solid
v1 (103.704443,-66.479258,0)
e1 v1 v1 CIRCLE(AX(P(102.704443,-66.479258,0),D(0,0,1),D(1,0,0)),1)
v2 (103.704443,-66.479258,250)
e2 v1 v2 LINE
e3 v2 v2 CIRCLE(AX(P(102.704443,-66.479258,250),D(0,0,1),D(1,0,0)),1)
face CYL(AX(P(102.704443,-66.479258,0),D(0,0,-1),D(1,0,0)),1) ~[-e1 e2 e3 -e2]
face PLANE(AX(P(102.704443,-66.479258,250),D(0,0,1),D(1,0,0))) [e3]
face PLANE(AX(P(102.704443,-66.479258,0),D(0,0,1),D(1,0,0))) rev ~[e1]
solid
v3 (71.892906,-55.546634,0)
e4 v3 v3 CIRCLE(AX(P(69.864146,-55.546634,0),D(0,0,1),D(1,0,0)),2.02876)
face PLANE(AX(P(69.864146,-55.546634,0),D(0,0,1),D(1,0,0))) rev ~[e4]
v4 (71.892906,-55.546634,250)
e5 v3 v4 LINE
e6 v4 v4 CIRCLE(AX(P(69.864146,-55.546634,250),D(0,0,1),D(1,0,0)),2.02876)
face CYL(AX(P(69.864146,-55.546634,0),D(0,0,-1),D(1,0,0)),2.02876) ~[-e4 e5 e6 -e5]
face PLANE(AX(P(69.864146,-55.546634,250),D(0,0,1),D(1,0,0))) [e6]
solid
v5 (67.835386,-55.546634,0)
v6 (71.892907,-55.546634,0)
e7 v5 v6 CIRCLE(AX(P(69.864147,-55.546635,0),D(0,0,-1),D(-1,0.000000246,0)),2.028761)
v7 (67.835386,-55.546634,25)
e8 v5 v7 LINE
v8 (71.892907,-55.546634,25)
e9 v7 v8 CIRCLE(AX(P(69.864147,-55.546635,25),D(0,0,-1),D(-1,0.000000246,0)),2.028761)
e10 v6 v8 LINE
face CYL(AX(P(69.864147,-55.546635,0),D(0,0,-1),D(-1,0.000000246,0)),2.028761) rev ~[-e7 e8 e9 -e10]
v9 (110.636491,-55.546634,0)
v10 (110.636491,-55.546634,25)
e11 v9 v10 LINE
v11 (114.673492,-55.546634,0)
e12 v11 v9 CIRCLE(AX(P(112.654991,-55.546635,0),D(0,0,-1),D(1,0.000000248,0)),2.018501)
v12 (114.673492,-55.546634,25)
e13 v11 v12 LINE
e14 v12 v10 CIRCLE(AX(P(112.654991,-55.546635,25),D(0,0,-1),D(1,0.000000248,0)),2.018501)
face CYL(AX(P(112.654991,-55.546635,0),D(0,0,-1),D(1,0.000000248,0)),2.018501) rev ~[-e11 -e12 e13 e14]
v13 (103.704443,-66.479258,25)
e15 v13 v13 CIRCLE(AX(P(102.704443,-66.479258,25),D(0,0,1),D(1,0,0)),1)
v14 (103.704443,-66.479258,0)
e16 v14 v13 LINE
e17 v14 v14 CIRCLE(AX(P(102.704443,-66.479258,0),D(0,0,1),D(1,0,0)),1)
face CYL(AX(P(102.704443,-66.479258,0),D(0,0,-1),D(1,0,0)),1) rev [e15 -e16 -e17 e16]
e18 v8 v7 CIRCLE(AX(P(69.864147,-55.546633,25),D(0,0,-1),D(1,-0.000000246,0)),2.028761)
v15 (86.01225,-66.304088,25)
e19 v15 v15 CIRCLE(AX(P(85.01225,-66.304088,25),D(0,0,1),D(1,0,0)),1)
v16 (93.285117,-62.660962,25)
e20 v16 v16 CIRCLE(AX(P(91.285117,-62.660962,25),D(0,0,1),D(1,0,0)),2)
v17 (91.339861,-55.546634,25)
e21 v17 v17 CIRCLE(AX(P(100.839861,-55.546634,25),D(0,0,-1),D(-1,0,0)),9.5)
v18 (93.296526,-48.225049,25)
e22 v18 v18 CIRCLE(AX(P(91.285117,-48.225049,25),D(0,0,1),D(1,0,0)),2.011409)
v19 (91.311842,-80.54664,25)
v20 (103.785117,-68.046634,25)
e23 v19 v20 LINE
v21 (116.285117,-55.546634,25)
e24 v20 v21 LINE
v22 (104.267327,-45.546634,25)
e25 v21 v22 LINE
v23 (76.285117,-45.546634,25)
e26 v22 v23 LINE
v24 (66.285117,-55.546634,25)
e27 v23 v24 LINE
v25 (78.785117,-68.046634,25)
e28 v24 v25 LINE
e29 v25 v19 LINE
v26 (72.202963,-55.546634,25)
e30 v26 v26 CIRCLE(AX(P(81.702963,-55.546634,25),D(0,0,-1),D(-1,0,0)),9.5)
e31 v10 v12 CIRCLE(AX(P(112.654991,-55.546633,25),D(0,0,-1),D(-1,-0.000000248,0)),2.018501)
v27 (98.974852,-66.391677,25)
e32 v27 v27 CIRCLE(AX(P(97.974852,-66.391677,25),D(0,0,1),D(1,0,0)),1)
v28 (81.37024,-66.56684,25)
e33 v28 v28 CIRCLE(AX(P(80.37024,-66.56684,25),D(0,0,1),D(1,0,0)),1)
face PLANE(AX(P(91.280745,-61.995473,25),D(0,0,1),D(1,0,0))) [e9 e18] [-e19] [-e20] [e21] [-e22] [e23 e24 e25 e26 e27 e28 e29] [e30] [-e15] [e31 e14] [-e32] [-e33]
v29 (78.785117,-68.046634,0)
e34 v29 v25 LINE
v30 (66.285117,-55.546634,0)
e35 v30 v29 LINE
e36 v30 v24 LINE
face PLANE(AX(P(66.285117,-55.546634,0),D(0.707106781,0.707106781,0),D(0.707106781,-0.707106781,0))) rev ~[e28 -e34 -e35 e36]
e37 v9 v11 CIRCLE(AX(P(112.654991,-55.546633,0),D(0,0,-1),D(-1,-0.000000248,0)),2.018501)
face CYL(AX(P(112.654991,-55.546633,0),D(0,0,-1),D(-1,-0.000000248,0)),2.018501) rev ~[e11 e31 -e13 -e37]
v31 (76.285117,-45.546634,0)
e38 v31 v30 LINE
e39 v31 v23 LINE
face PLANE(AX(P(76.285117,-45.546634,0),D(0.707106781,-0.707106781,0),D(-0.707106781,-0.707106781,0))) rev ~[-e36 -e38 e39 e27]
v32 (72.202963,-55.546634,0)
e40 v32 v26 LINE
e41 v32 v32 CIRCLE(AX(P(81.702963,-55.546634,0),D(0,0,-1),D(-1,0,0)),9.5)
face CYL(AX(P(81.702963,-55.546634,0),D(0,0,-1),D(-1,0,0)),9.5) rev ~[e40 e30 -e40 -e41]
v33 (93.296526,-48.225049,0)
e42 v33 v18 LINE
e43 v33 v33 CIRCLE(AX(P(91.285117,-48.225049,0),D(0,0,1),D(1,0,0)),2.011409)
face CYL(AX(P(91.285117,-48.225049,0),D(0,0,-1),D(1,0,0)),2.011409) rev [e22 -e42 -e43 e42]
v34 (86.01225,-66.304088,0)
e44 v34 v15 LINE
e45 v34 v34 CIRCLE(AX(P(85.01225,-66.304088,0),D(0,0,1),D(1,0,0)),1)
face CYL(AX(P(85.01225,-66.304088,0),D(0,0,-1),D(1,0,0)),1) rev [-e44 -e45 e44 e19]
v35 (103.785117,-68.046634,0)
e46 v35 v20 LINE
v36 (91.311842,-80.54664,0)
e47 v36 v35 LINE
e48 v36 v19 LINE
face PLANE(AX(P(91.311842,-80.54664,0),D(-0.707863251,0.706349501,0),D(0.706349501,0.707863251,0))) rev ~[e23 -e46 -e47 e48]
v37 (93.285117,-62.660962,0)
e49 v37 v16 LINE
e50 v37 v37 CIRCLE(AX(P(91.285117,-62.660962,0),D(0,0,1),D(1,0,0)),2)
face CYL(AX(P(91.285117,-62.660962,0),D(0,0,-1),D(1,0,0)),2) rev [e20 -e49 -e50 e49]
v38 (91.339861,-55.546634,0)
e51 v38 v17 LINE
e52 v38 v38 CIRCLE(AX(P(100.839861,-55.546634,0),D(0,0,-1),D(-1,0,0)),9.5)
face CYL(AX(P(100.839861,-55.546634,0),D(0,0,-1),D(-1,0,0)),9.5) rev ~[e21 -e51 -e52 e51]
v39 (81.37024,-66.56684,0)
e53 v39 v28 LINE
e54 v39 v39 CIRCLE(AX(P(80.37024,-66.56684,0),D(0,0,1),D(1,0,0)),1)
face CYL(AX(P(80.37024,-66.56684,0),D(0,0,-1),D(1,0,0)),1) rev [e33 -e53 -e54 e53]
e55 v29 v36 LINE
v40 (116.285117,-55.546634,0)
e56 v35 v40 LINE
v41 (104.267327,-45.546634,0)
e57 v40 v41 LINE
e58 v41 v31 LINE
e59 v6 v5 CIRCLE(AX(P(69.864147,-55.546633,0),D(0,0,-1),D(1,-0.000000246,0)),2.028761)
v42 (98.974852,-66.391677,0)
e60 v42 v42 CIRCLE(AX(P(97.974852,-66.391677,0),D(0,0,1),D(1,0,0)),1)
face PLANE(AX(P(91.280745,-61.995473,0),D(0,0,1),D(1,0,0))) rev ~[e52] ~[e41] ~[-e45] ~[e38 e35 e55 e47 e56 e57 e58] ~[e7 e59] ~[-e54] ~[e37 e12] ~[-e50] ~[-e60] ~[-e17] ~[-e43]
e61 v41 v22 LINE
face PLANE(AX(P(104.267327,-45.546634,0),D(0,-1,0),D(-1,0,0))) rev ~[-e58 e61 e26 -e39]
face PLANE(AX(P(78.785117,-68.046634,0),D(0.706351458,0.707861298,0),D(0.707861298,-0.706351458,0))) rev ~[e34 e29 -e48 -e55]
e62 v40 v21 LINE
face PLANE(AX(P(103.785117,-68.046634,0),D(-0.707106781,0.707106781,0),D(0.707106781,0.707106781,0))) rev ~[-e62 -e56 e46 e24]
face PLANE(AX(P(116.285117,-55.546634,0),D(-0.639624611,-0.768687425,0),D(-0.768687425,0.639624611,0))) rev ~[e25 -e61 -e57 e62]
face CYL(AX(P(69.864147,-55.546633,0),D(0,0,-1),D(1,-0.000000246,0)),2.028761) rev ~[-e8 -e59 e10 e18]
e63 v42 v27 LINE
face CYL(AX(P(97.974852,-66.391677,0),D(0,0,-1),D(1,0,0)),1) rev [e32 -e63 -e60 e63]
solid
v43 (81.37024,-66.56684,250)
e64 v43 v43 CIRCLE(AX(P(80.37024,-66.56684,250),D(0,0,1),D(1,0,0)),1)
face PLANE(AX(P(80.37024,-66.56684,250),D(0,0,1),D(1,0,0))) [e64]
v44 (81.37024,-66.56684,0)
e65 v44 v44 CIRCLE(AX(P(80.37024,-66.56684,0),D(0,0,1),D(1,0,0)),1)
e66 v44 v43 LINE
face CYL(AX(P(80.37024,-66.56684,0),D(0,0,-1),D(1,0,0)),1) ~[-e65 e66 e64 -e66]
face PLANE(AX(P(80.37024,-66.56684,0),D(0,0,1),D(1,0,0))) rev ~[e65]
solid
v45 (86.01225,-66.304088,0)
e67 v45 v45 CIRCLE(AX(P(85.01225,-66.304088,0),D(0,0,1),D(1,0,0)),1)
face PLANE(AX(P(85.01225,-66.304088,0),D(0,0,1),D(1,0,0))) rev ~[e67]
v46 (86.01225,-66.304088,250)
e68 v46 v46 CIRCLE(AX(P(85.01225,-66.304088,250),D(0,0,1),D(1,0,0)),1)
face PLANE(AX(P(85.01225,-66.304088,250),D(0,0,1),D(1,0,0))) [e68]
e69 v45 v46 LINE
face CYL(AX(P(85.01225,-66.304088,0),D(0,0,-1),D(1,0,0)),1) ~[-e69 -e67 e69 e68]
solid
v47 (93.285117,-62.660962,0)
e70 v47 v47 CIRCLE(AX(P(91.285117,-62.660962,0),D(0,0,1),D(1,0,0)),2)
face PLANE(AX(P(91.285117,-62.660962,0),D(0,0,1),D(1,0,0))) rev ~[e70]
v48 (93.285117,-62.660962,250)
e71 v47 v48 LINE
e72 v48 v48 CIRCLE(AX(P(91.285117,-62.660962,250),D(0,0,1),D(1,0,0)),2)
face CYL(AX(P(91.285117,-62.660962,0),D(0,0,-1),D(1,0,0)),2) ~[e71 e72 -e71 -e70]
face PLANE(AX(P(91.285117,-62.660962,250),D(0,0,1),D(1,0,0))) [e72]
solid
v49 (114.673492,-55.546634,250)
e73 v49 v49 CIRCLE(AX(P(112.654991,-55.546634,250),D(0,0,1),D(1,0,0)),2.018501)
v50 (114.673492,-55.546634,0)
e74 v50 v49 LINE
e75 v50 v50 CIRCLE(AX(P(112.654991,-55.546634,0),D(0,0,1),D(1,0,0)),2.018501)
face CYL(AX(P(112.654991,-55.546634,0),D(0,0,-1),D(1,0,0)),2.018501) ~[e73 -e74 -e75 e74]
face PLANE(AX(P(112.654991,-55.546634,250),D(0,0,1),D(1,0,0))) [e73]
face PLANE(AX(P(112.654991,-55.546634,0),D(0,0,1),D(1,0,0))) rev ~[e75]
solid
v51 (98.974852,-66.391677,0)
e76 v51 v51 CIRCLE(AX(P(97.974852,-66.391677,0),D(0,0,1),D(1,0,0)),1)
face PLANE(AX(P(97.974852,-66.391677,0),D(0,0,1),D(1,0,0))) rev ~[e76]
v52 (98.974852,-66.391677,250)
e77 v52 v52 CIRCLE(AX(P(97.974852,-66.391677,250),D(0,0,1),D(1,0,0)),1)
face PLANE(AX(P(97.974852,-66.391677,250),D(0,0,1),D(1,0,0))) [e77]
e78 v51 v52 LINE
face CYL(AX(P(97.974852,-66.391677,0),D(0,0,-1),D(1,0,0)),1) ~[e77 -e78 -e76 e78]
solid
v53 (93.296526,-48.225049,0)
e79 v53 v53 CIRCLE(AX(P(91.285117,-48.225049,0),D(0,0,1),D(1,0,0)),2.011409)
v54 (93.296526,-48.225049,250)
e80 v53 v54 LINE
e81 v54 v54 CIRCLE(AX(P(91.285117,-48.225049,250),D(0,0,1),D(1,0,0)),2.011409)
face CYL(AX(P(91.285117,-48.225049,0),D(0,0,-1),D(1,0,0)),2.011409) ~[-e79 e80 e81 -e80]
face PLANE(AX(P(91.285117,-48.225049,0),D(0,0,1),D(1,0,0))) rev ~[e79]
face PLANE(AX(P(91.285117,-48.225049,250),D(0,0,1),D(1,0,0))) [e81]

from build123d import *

# Parameters (mm, degrees)
F0_R     = 2.011409
F0_R_2   = 2.018501
F0_R_3   = 1
F0_R_4   = 2
F0_R_5   = 2.02876
F1_DEPTH = 250
F2_R     = 1
F2_R_2   = 2
F2_R_3   = 2.011409
F3_DEPTH = 25


with BuildPart() as f1:
    # F0 (on Top) → F1 (new body)
    with BuildSketch(Plane.XY):
        with Locations((91.285117, -48.225049)):
            Circle(F0_R)
        with Locations((112.654991, -55.546634)):
            Circle(F0_R_2)
        with Locations((102.704443, -66.479258)):
            Circle(F0_R_3)
        with Locations((97.974852, -66.391677)):
            Circle(F0_R_3)
        with Locations((91.285117, -62.660962)):
            Circle(F0_R_4)
        with Locations((85.01225, -66.304088)):
            Circle(F0_R_3)
        with Locations((80.37024, -66.56684)):
            Circle(F0_R_3)
        with Locations((69.864146, -55.546634)):
            Circle(F0_R_5)
    extrude(amount=F1_DEPTH)


with BuildPart() as f3:
    # F2 (on Top) → F3 (new body)
    with BuildSketch(Plane.XY):
        with BuildLine():
            Line((116.285117, -55.546634), (114.673492, -55.546634))
            ThreePointArc((114.673492, -55.546634), (112.654991, -57.565135), (110.636491, -55.546634))
            Line((110.636491, -55.546634), (110.339861, -55.546634))
            ThreePointArc((110.339861, -55.546634), (100.839861, -65.046634), (91.339861, -55.546634))
            Line((91.339861, -55.546634), (91.202963, -55.546634))
            ThreePointArc((91.202963, -55.546634), (81.702963, -65.046634), (72.202963, -55.546634))
            Line((72.202963, -55.546634), (71.892907, -55.546634))
            ThreePointArc((71.892907, -55.546634), (69.864146, -57.575394), (67.835386, -55.546634))
            Line((67.835386, -55.546634), (66.285117, -55.546634))
            Line((66.285117, -55.546634), (78.785117, -68.046634))
            Line((78.785117, -68.046634), (103.785117, -68.046634))
            Line((103.785117, -68.046634), (116.285117, -55.546634))
        make_face()
        with Locations((80.37024, -66.56684)):
            Circle(F2_R, mode=Mode.SUBTRACT)
        with Locations((85.01225, -66.304088)):
            Circle(F2_R, mode=Mode.SUBTRACT)
        with Locations((97.974852, -66.391677)):
            Circle(F2_R, mode=Mode.SUBTRACT)
        with Locations((102.704443, -66.479258)):
            Circle(F2_R, mode=Mode.SUBTRACT)
        with Locations((91.285117, -62.660962)):
            Circle(F2_R_2, mode=Mode.SUBTRACT)
        with BuildLine():
            ThreePointArc((110.636491, -55.546634), (112.654991, -53.528133), (114.673492, -55.546634))
            Line((114.673492, -55.546634), (116.285117, -55.546634))
            Line((116.285117, -55.546634), (104.267327, -45.546634))
            Line((104.267327, -45.546634), (76.285117, -45.546634))
            Line((76.285117, -45.546634), (66.285117, -55.546634))
            Line((66.285117, -55.546634), (67.835386, -55.546634))
            ThreePointArc((67.835386, -55.546634), (69.864146, -53.517874), (71.892907, -55.546634))
            Line((71.892907, -55.546634), (72.202963, -55.546634))
            ThreePointArc((72.202963, -55.546634), (81.702963, -46.046634), (91.202963, -55.546634))
            Line((91.202963, -55.546634), (91.339861, -55.546634))
            ThreePointArc((91.339861, -55.546634), (100.839861, -46.046634), (110.339861, -55.546634))
            Line((110.339861, -55.546634), (110.636491, -55.546634))
        make_face()
        with Locations((91.285117, -48.225049)):
            Circle(F2_R_3, mode=Mode.SUBTRACT)
        Polygon((91.311842, -80.54664), (103.785117, -68.046634), (78.785117, -68.046634), align=None)
    extrude(amount=F3_DEPTH)


solid = Compound([f1.part, f3.part])
